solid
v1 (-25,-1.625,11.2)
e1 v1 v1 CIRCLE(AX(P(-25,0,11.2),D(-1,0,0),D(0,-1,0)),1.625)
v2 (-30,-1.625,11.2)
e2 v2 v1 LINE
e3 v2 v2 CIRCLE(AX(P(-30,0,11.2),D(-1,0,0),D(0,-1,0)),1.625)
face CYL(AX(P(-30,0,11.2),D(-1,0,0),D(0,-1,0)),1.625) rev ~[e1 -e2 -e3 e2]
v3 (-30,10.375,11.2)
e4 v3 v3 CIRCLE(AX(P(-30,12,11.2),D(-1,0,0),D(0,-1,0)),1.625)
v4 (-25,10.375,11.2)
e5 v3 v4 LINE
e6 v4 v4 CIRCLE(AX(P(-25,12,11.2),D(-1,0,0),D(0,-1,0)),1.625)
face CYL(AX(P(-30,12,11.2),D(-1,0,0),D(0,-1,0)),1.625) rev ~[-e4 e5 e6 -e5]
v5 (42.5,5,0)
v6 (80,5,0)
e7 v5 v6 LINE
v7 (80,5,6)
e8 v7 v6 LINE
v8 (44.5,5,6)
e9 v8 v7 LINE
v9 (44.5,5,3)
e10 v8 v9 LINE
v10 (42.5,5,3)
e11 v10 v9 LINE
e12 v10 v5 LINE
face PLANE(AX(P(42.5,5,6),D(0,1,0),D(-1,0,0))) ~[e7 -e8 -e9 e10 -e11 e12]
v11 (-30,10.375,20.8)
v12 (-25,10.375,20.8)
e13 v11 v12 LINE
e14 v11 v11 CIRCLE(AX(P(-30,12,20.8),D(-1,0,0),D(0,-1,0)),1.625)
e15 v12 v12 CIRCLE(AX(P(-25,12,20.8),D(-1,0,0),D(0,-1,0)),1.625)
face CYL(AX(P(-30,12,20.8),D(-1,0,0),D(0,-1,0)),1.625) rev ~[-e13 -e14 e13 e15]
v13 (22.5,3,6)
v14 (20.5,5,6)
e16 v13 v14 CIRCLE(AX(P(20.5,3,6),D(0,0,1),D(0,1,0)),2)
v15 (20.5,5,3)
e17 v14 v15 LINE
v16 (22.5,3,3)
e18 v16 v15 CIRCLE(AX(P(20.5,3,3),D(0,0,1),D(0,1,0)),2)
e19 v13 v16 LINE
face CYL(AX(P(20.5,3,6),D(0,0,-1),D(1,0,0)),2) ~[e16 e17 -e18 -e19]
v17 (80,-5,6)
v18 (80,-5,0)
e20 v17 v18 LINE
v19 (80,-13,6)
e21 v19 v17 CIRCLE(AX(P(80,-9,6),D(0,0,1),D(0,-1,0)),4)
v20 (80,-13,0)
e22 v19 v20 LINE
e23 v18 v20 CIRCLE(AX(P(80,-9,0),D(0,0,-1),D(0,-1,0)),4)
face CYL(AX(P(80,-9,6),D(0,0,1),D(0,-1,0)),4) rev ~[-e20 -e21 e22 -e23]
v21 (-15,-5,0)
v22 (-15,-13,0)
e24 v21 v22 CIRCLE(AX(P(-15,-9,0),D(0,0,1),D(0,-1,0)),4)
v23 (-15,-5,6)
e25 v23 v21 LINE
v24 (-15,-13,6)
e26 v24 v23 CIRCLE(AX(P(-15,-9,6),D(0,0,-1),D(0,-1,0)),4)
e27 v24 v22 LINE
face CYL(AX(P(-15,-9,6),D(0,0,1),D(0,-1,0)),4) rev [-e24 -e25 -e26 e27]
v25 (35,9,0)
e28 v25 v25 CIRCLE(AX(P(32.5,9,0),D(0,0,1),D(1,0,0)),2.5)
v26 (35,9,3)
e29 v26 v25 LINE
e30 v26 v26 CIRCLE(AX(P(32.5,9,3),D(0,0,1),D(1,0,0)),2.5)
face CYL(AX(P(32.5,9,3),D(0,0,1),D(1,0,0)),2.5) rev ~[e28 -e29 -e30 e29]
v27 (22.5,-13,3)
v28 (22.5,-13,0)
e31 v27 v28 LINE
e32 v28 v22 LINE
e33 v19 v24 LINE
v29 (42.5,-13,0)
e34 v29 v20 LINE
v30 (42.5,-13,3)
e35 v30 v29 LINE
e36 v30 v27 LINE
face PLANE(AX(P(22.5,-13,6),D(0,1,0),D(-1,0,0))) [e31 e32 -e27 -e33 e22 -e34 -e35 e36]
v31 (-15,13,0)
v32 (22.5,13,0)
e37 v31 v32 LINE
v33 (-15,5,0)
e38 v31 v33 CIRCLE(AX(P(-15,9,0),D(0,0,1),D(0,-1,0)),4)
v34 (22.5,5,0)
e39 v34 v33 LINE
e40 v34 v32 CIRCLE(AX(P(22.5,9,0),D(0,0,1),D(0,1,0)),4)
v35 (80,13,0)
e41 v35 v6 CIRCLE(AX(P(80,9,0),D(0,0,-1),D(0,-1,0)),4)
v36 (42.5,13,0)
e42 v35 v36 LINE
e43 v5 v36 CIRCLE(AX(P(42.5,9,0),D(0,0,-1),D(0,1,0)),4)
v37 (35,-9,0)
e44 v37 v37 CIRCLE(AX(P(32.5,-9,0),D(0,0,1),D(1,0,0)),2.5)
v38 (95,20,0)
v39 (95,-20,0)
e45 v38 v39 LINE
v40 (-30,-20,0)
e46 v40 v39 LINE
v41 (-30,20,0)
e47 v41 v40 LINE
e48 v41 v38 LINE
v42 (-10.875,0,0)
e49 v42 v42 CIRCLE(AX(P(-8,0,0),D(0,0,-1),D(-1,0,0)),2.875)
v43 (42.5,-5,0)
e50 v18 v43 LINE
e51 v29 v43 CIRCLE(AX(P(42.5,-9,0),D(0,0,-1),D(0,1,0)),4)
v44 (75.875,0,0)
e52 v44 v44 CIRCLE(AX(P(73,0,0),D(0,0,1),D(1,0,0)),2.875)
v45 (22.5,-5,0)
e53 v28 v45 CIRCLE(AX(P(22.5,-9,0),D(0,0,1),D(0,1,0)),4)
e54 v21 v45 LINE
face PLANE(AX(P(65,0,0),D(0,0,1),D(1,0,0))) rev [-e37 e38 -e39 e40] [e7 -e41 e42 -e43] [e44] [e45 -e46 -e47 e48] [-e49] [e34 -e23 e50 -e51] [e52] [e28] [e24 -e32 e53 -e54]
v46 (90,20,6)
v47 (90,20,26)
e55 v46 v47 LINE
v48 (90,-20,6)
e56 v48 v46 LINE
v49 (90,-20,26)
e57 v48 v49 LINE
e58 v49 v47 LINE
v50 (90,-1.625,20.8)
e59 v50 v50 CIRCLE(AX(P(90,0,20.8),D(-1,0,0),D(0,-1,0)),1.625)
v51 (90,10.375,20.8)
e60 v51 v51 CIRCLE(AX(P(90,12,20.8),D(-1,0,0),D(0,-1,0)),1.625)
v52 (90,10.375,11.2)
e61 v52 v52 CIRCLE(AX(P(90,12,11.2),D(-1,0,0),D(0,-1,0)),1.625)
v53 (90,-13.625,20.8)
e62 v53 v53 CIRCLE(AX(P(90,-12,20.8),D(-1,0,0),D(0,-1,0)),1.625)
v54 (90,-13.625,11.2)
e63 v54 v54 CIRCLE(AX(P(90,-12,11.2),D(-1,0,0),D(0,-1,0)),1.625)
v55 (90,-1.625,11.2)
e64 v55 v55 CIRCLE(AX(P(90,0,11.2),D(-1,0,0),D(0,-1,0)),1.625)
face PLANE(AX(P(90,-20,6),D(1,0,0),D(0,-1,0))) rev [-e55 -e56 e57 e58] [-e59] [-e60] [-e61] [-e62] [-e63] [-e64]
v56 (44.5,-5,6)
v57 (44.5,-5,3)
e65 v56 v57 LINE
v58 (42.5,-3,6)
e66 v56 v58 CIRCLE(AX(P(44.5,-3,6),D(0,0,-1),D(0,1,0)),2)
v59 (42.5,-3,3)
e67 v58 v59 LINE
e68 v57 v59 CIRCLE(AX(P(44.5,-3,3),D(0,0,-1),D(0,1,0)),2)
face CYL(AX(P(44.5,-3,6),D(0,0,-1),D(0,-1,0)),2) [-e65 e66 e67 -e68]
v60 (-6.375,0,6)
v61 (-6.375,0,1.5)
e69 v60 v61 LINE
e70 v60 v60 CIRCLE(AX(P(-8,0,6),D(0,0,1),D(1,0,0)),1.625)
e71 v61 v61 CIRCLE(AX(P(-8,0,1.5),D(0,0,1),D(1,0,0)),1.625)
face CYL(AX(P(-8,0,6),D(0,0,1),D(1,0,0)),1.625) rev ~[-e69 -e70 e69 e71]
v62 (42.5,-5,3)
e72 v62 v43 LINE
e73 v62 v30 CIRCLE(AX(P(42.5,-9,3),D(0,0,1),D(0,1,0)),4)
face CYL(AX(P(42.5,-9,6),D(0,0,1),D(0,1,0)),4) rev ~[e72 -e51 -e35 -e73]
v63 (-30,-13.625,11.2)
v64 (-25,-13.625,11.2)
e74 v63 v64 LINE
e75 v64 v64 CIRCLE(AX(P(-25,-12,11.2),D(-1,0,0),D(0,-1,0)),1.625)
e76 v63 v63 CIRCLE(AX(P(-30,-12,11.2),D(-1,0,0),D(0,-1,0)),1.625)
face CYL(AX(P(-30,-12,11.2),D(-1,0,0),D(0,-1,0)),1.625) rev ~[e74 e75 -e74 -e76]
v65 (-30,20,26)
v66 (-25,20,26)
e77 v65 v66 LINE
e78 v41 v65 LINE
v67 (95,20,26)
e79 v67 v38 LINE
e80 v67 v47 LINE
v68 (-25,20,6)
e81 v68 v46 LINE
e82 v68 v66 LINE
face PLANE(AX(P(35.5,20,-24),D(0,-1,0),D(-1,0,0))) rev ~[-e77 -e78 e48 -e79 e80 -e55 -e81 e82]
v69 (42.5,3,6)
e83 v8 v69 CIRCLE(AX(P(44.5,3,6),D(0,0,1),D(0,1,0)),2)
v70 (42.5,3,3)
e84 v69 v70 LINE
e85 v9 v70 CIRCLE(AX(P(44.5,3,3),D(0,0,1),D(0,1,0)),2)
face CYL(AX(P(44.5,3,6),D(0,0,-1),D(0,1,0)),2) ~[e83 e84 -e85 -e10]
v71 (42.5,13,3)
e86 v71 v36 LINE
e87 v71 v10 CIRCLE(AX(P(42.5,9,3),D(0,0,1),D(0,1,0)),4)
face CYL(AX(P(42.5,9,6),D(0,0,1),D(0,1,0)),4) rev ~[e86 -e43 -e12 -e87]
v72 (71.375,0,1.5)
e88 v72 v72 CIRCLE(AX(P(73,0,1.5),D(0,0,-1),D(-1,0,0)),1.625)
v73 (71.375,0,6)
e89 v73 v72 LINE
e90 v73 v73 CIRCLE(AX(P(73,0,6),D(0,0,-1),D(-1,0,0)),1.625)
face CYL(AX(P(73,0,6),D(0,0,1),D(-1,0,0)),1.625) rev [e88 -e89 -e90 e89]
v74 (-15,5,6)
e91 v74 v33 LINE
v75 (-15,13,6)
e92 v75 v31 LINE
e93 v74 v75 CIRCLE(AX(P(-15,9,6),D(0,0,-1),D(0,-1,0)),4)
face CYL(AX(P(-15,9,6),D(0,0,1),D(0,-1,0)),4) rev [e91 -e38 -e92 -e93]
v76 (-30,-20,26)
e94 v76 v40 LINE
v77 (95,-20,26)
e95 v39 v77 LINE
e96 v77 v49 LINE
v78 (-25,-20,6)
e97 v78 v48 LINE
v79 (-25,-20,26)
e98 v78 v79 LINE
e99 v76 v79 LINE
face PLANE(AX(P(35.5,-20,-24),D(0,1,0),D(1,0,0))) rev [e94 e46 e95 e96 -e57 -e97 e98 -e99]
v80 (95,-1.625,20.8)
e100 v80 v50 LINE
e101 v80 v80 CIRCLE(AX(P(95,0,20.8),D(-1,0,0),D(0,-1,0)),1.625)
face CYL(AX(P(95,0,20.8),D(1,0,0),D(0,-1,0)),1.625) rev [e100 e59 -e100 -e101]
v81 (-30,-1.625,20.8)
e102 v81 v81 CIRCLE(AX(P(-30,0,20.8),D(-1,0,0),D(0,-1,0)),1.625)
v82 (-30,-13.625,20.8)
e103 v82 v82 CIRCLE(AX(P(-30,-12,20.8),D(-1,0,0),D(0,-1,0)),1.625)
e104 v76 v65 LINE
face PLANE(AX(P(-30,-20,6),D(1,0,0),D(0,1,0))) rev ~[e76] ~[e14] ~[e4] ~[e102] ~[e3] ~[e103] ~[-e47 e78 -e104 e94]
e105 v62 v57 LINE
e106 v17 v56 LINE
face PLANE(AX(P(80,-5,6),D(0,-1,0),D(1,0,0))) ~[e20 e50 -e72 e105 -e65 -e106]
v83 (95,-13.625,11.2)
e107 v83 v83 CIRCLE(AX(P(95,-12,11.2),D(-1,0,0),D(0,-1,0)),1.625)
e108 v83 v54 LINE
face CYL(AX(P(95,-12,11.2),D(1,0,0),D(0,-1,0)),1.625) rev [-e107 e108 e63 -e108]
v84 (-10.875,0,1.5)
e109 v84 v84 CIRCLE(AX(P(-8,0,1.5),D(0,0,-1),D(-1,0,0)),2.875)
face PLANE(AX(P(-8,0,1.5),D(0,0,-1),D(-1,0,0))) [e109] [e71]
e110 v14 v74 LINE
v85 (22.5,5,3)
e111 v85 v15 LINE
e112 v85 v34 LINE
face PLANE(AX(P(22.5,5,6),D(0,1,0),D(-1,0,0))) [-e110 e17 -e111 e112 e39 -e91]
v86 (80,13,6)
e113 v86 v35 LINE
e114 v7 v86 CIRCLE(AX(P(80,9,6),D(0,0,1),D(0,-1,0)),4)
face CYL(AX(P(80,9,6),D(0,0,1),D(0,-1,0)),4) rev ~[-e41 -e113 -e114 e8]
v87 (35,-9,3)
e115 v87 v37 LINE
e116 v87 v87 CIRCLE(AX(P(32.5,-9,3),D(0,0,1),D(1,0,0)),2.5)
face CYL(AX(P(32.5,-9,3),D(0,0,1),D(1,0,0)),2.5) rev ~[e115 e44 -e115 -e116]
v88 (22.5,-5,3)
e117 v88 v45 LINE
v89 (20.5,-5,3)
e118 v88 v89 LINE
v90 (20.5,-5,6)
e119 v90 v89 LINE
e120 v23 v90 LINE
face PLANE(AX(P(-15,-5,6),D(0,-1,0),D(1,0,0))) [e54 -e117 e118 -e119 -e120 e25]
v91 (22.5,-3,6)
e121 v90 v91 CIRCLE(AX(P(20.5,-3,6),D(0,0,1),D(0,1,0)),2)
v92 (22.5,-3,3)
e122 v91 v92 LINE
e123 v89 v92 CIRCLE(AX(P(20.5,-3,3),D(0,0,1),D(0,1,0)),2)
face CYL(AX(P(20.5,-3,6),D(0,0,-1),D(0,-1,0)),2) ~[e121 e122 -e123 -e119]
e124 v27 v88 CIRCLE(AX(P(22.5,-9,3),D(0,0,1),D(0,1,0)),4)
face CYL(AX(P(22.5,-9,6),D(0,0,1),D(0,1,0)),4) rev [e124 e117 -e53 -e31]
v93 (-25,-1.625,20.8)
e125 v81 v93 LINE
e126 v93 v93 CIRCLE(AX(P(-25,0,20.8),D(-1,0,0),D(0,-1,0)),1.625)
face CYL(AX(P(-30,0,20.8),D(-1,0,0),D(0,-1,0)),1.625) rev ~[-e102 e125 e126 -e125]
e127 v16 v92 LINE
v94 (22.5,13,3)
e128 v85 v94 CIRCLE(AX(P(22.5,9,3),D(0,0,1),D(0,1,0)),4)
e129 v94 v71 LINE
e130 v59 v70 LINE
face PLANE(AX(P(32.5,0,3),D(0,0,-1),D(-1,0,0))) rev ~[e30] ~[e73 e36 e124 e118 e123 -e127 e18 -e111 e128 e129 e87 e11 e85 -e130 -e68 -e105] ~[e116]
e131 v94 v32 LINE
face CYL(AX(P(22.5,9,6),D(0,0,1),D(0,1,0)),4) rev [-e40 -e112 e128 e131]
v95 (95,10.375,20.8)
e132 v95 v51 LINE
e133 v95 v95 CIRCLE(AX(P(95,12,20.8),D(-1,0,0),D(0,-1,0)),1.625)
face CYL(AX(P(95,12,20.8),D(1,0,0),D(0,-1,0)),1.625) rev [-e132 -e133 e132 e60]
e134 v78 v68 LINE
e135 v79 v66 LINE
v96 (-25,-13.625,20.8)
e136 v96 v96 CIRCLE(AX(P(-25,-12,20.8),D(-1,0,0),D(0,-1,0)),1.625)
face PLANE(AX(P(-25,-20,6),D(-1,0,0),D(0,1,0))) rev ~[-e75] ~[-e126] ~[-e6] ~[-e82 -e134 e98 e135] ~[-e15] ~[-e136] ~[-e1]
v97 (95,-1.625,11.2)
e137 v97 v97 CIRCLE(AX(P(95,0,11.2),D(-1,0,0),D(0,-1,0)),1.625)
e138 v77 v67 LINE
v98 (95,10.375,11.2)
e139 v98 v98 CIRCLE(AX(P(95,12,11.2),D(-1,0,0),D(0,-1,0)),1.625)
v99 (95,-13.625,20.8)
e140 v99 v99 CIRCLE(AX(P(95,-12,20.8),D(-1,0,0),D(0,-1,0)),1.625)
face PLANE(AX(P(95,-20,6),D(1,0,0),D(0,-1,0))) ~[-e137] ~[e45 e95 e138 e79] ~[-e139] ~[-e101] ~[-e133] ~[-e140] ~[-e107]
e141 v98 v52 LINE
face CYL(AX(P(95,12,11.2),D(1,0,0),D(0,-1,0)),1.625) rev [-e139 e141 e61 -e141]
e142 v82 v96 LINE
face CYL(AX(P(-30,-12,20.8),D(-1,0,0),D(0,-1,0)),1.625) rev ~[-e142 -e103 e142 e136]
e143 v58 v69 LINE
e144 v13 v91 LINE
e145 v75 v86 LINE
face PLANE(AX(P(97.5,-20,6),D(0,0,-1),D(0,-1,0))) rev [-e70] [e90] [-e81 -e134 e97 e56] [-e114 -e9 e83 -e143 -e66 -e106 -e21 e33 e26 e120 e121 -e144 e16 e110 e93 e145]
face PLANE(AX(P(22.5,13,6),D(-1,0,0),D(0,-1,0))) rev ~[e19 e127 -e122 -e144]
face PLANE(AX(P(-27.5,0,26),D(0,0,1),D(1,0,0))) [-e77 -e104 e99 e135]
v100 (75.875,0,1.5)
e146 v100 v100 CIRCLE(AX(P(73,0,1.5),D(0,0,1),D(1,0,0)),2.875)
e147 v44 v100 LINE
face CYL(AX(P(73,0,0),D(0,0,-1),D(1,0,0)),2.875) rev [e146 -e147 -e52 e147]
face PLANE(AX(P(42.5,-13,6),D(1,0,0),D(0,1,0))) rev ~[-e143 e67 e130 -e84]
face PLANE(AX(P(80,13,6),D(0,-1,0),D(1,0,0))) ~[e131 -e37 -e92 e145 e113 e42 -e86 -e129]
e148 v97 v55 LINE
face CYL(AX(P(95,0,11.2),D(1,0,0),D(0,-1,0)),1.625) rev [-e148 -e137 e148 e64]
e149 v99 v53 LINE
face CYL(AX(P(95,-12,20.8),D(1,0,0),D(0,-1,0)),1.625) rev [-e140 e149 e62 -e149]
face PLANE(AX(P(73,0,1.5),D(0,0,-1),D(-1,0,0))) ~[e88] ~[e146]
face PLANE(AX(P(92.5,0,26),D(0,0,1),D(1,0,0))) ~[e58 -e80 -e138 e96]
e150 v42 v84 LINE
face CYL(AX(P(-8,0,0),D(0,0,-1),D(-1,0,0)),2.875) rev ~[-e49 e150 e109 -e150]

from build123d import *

# Parameters (mm, degrees)
ESBO_O1_W                   = 65
ESBO_O1_H                   = 40
RESSALTO_EXTRUS_O1_DEPTH    = 6
RESSALTO_EXTRUS_O2_DEPTH    = 4
CORTE_EXTRUS_O1_DEPTH       = 78.852424497
ESBO_O5_W                   = 5
ESBO_O5_H                   = 40
RESSALTO_EXTRUS_O4_DEPTH    = 20
CORTE_EXTRUS_O3_DEPTH       = 1.2
RESSALTO_EXTRUS_O5_DEPTH    = 4
CORTE_EXTRUS_O4_DEPTH       = 56.029537523
ESBO_O12_W                  = 6
ESBO_O12_H                  = 5
RESSALTO_EXTRUS_O6_DEPTH    = 65
ESBO_O13_W                  = 3
ESBO_O13_H                  = 5
RESSALTO_EXTRUS_O7_DEPTH    = 18
ESBO_O15_R                  = 1.625
CORTE_EXTRUS_O5_DEPTH       = 5
CORTE_EXTRUS_O6_DEPTH       = 6
ESBO_O19_R                  = 2.875
CORTE_EXTRUS_O7_DEPTH       = 1.5
ESBO_O22_R                  = 1.625
CORTE_EXTRUS_O10_DEPTH      = 4
CORTE_EXTRUS_O8_DEPTH       = 3
ESBO_O21_R                  = 2.5
CORTE_EXTRUS_O9_DEPTH       = 3
FILETE1_R                   = 2
CORTE_EXTRUS_O11_DEPTH      = 112.477576221
CORTE_EXTRUS_O11_DEPTH_BACK = 112.477576221
ESBO_O23_W                  = 130
ESBO_O23_H                  = 30
ESBO_O24_W                  = 6.5
ESBO_O24_H                  = 40
CORTE_EXTRUS_O12_DEPTH      = 110.536523589


with BuildPart() as part:
    # Esboço1 → Ressalto-extrusão1 (new body)
    with BuildSketch(Plane.XY):
        Rectangle(ESBO_O1_W, ESBO_O1_H)
    extrude(amount=RESSALTO_EXTRUS_O1_DEPTH)

    # Esboço2 → Ressalto-extrusão2 (add)
    with BuildSketch(Plane.ZY.offset(32.5)):
        Polygon((0, 20), (-30, 20), (-30, -20), (0, -20), (6, -20), (6, 20), align=None)
    extrude(amount=RESSALTO_EXTRUS_O2_DEPTH)

    # Esboço3 → Corte-extrusão1 (cut, through all)
    with BuildSketch(Plane.ZY.offset(36.5)):
        with BuildLine():
            Line((-15, 3.125), (-30, 3.125))
            Line((-30, 3.125), (-30, -3.125))
            Line((-30, -3.125), (-15, -3.125))
            ThreePointArc((-15, -3.125), (-11.875, 0), (-15, 3.125))
        make_face()
    extrude(amount=-CORTE_EXTRUS_O1_DEPTH, mode=Mode.SUBTRACT)

    # Esboço5 → Ressalto-extrusão4 (add)
    with BuildSketch(Plane.XY.offset(6)):
        with Locations((-27.5, 0)):
            Rectangle(ESBO_O5_W, ESBO_O5_H)
    extrude(amount=RESSALTO_EXTRUS_O4_DEPTH)

    # Esboço7 → Corte-extrusão3 (cut)
    with BuildSketch(Plane(origin=(-32.5, 0, 0), x_dir=(0, 0, -1), z_dir=(1, 0, 0))):
        with BuildLine():
            Line((15, -6.625), (30, -6.625))
            Line((30, -6.625), (30, 6.625))
            Line((30, 6.625), (15, 6.625))
            ThreePointArc((15, 6.625), (8.375, 0), (15, -6.625))
        make_face()
    extrude(amount=-CORTE_EXTRUS_O3_DEPTH, mode=Mode.SUBTRACT)

    # Esboço8 → Ressalto-extrusão5 (add)
    with BuildSketch(Plane(origin=(-32.5, 0, 0), x_dir=(0, 0, -1), z_dir=(1, 0, 0))):
        with BuildLine():
            Line((25.74709263, -6.625), (28.03840481, -6.625))
            ThreePointArc((28.03840481, -6.625), (0.375, 0), (28.03840481, 6.625))
            Line((28.03840481, 6.625), (25.74709263, 6.625))
            ThreePointArc((25.74709263, 6.625), (2.375, 0), (25.74709263, -6.625))
        make_face()
    extrude(amount=RESSALTO_EXTRUS_O5_DEPTH)

    # Esboço11 → Corte-extrusão4 (cut, through all)
    with BuildSketch(Plane.XY.offset(6)):
        with BuildLine():
            Line((-15, 13), (22.5, 13))
            ThreePointArc((22.5, 13), (26.5, 9), (22.5, 5))
            Line((22.5, 5), (-15, 5))
            ThreePointArc((-15, 5), (-19, 9), (-15, 13))
        make_face()
        with BuildLine():
            Line((-15, -5), (22.5, -5))
            ThreePointArc((22.5, -5), (26.5, -9), (22.5, -13))
            Line((22.5, -13), (-15, -13))
            ThreePointArc((-15, -13), (-19, -9), (-15, -5))
        make_face()
    extrude(amount=-CORTE_EXTRUS_O4_DEPTH, mode=Mode.SUBTRACT)

    # Esboço12 → Ressalto-extrusão6 (add)
    with BuildSketch(Plane(origin=(-32.5, 0, 0), x_dir=(0, 0, -1), z_dir=(1, 0, 0))):
        with Locations((3, -17.5)):
            Rectangle(ESBO_O12_W, ESBO_O12_H)
        with Locations((27, -17.5)):
            Rectangle(ESBO_O12_W, ESBO_O12_H)
    ressalto_extrus_o6 = extrude(amount=RESSALTO_EXTRUS_O6_DEPTH)

    # Esboço13 → Ressalto-extrusão7 (add)
    with BuildSketch(Plane.XY.offset(-24)):
        with Locations((31, -17.5)):
            Rectangle(ESBO_O13_W, ESBO_O13_H)
    ressalto_extrus_o7 = extrude(amount=RESSALTO_EXTRUS_O7_DEPTH)

    # Espelhar2: Ressalto-extrusão6, Ressalto-extrusão7 across plane
    add(ressalto_extrus_o6.mirror(Plane.ZX))
    add(ressalto_extrus_o7.mirror(Plane.ZX))

    # Esboço15 → Corte-extrusão5 (cut)
    with BuildSketch(Plane.ZY.offset(30)):
        with Locations(Location((20.8, 12, 0), (0, 0, 270))):
            Circle(ESBO_O15_R)
        with Locations(Location((11.2, 12, 0), (0, 0, 270))):
            Circle(ESBO_O15_R)
        with Locations(Location((20.8, 0, 0), (0, 0, 270))):
            Circle(ESBO_O15_R)
        with Locations(Location((11.2, 0, 0), (0, 0, 270))):
            Circle(ESBO_O15_R)
        with Locations(Location((20.8, -12, 0), (0, 0, 270))):
            Circle(ESBO_O15_R)
        with Locations(Location((11.2, -12, 0), (0, 0, 270))):
            Circle(ESBO_O15_R)
    extrude(amount=-CORTE_EXTRUS_O5_DEPTH, mode=Mode.SUBTRACT)

    # Esboço18 → Corte-extrusão6 (cut)
    with BuildSketch(Plane.XY.offset(6)):
        with BuildLine():
            ThreePointArc((-9.625, 0), (-8, -1.625), (-6.375, 0))
            Line((-6.375, 0), (-9.625, 0))
        make_face()
        with BuildLine():
            Line((-9.625, 0), (-6.375, 0))
            ThreePointArc((-6.375, 0), (-8, 1.625), (-9.625, 0))
        make_face()
    extrude(amount=-CORTE_EXTRUS_O6_DEPTH, mode=Mode.SUBTRACT)

    # Esboço19 → Corte-extrusão7 (cut)
    with BuildSketch(Plane(origin=(0, 0, 0), x_dir=(-1, 0, 0), z_dir=(0, 0, -1))):
        with Locations((8, 0)):
            Circle(ESBO_O19_R)
    extrude(amount=-CORTE_EXTRUS_O7_DEPTH, mode=Mode.SUBTRACT)

    # Esboço22 → Corte-extrusão10 (cut)
    with BuildSketch(Plane.ZY.offset(36.5)):
        with Locations((-8.98959236, 6.01040764)):
            Circle(ESBO_O22_R)
        with Locations((-21.01040764, 6.01040764)):
            Circle(ESBO_O22_R)
        with Locations((-21.01040764, -6.01040764)):
            Circle(ESBO_O22_R)
        with Locations((-8.98959236, -6.01040764)):
            Circle(ESBO_O22_R)
    extrude(amount=-CORTE_EXTRUS_O10_DEPTH, mode=Mode.SUBTRACT)

    # Espelhar3: part across plane


with BuildPart() as part_1:
    add(part.part)
    add(part.part.mirror(Plane(origin=(32.5, 0, 0), x_dir=(0, 0, 1), z_dir=(1, 0, 0))))

    # Esboço20 → Corte-extrusão8 (cut)
    with BuildSketch(Plane.XY.offset(6)):
        Polygon((42.5, -13), (22.5, -13), (22.5, -5), (22.5, 5), (22.5, 13), (42.5, 13), (42.5, 5), (42.5, -5), align=None)
    extrude(amount=-CORTE_EXTRUS_O8_DEPTH, mode=Mode.SUBTRACT)

    # Esboço21 → Corte-extrusão9 (cut)
    with BuildSketch(Plane.XY.offset(3)):
        with Locations((32.5, 9)):
            Circle(ESBO_O21_R)
        with Locations((32.5, -9)):
            Circle(ESBO_O21_R)
    extrude(amount=-CORTE_EXTRUS_O9_DEPTH, mode=Mode.SUBTRACT)

    # Filete1
    filete1_edges = [part_1.edges().sort_by_distance(p)[0] for p in [
        (42.5, 5, 4.5),
        (22.5, 5, 4.5),
        (22.5, -5, 4.5),
        (42.5, -5, 4.5),
    ]]
    fillet(filete1_edges, radius=FILETE1_R)

    # Esboço23 → Corte-extrusão11 (cut, two sides: drawn at the far end of the back side and taken through both)
    with BuildSketch(Plane(origin=(0, -15, 0), x_dir=(1, 0, 0), z_dir=(0, 1, 0)).offset(-CORTE_EXTRUS_O11_DEPTH_BACK)):
        with Locations((32.5, 15)):
            Rectangle(ESBO_O23_W, ESBO_O23_H)
    extrude(amount=CORTE_EXTRUS_O11_DEPTH + CORTE_EXTRUS_O11_DEPTH_BACK, mode=Mode.SUBTRACT)

    # Esboço24 → Corte-extrusão12 (cut, through all)
    with BuildSketch(Plane.XY.offset(6)):
        with Locations((98.25, 0)):
            Rectangle(ESBO_O24_W, ESBO_O24_H)
        with Locations((-33.25, 0)):
            Rectangle(ESBO_O24_W, ESBO_O24_H)
    extrude(amount=-CORTE_EXTRUS_O12_DEPTH, mode=Mode.SUBTRACT)


solid = part_1.part
